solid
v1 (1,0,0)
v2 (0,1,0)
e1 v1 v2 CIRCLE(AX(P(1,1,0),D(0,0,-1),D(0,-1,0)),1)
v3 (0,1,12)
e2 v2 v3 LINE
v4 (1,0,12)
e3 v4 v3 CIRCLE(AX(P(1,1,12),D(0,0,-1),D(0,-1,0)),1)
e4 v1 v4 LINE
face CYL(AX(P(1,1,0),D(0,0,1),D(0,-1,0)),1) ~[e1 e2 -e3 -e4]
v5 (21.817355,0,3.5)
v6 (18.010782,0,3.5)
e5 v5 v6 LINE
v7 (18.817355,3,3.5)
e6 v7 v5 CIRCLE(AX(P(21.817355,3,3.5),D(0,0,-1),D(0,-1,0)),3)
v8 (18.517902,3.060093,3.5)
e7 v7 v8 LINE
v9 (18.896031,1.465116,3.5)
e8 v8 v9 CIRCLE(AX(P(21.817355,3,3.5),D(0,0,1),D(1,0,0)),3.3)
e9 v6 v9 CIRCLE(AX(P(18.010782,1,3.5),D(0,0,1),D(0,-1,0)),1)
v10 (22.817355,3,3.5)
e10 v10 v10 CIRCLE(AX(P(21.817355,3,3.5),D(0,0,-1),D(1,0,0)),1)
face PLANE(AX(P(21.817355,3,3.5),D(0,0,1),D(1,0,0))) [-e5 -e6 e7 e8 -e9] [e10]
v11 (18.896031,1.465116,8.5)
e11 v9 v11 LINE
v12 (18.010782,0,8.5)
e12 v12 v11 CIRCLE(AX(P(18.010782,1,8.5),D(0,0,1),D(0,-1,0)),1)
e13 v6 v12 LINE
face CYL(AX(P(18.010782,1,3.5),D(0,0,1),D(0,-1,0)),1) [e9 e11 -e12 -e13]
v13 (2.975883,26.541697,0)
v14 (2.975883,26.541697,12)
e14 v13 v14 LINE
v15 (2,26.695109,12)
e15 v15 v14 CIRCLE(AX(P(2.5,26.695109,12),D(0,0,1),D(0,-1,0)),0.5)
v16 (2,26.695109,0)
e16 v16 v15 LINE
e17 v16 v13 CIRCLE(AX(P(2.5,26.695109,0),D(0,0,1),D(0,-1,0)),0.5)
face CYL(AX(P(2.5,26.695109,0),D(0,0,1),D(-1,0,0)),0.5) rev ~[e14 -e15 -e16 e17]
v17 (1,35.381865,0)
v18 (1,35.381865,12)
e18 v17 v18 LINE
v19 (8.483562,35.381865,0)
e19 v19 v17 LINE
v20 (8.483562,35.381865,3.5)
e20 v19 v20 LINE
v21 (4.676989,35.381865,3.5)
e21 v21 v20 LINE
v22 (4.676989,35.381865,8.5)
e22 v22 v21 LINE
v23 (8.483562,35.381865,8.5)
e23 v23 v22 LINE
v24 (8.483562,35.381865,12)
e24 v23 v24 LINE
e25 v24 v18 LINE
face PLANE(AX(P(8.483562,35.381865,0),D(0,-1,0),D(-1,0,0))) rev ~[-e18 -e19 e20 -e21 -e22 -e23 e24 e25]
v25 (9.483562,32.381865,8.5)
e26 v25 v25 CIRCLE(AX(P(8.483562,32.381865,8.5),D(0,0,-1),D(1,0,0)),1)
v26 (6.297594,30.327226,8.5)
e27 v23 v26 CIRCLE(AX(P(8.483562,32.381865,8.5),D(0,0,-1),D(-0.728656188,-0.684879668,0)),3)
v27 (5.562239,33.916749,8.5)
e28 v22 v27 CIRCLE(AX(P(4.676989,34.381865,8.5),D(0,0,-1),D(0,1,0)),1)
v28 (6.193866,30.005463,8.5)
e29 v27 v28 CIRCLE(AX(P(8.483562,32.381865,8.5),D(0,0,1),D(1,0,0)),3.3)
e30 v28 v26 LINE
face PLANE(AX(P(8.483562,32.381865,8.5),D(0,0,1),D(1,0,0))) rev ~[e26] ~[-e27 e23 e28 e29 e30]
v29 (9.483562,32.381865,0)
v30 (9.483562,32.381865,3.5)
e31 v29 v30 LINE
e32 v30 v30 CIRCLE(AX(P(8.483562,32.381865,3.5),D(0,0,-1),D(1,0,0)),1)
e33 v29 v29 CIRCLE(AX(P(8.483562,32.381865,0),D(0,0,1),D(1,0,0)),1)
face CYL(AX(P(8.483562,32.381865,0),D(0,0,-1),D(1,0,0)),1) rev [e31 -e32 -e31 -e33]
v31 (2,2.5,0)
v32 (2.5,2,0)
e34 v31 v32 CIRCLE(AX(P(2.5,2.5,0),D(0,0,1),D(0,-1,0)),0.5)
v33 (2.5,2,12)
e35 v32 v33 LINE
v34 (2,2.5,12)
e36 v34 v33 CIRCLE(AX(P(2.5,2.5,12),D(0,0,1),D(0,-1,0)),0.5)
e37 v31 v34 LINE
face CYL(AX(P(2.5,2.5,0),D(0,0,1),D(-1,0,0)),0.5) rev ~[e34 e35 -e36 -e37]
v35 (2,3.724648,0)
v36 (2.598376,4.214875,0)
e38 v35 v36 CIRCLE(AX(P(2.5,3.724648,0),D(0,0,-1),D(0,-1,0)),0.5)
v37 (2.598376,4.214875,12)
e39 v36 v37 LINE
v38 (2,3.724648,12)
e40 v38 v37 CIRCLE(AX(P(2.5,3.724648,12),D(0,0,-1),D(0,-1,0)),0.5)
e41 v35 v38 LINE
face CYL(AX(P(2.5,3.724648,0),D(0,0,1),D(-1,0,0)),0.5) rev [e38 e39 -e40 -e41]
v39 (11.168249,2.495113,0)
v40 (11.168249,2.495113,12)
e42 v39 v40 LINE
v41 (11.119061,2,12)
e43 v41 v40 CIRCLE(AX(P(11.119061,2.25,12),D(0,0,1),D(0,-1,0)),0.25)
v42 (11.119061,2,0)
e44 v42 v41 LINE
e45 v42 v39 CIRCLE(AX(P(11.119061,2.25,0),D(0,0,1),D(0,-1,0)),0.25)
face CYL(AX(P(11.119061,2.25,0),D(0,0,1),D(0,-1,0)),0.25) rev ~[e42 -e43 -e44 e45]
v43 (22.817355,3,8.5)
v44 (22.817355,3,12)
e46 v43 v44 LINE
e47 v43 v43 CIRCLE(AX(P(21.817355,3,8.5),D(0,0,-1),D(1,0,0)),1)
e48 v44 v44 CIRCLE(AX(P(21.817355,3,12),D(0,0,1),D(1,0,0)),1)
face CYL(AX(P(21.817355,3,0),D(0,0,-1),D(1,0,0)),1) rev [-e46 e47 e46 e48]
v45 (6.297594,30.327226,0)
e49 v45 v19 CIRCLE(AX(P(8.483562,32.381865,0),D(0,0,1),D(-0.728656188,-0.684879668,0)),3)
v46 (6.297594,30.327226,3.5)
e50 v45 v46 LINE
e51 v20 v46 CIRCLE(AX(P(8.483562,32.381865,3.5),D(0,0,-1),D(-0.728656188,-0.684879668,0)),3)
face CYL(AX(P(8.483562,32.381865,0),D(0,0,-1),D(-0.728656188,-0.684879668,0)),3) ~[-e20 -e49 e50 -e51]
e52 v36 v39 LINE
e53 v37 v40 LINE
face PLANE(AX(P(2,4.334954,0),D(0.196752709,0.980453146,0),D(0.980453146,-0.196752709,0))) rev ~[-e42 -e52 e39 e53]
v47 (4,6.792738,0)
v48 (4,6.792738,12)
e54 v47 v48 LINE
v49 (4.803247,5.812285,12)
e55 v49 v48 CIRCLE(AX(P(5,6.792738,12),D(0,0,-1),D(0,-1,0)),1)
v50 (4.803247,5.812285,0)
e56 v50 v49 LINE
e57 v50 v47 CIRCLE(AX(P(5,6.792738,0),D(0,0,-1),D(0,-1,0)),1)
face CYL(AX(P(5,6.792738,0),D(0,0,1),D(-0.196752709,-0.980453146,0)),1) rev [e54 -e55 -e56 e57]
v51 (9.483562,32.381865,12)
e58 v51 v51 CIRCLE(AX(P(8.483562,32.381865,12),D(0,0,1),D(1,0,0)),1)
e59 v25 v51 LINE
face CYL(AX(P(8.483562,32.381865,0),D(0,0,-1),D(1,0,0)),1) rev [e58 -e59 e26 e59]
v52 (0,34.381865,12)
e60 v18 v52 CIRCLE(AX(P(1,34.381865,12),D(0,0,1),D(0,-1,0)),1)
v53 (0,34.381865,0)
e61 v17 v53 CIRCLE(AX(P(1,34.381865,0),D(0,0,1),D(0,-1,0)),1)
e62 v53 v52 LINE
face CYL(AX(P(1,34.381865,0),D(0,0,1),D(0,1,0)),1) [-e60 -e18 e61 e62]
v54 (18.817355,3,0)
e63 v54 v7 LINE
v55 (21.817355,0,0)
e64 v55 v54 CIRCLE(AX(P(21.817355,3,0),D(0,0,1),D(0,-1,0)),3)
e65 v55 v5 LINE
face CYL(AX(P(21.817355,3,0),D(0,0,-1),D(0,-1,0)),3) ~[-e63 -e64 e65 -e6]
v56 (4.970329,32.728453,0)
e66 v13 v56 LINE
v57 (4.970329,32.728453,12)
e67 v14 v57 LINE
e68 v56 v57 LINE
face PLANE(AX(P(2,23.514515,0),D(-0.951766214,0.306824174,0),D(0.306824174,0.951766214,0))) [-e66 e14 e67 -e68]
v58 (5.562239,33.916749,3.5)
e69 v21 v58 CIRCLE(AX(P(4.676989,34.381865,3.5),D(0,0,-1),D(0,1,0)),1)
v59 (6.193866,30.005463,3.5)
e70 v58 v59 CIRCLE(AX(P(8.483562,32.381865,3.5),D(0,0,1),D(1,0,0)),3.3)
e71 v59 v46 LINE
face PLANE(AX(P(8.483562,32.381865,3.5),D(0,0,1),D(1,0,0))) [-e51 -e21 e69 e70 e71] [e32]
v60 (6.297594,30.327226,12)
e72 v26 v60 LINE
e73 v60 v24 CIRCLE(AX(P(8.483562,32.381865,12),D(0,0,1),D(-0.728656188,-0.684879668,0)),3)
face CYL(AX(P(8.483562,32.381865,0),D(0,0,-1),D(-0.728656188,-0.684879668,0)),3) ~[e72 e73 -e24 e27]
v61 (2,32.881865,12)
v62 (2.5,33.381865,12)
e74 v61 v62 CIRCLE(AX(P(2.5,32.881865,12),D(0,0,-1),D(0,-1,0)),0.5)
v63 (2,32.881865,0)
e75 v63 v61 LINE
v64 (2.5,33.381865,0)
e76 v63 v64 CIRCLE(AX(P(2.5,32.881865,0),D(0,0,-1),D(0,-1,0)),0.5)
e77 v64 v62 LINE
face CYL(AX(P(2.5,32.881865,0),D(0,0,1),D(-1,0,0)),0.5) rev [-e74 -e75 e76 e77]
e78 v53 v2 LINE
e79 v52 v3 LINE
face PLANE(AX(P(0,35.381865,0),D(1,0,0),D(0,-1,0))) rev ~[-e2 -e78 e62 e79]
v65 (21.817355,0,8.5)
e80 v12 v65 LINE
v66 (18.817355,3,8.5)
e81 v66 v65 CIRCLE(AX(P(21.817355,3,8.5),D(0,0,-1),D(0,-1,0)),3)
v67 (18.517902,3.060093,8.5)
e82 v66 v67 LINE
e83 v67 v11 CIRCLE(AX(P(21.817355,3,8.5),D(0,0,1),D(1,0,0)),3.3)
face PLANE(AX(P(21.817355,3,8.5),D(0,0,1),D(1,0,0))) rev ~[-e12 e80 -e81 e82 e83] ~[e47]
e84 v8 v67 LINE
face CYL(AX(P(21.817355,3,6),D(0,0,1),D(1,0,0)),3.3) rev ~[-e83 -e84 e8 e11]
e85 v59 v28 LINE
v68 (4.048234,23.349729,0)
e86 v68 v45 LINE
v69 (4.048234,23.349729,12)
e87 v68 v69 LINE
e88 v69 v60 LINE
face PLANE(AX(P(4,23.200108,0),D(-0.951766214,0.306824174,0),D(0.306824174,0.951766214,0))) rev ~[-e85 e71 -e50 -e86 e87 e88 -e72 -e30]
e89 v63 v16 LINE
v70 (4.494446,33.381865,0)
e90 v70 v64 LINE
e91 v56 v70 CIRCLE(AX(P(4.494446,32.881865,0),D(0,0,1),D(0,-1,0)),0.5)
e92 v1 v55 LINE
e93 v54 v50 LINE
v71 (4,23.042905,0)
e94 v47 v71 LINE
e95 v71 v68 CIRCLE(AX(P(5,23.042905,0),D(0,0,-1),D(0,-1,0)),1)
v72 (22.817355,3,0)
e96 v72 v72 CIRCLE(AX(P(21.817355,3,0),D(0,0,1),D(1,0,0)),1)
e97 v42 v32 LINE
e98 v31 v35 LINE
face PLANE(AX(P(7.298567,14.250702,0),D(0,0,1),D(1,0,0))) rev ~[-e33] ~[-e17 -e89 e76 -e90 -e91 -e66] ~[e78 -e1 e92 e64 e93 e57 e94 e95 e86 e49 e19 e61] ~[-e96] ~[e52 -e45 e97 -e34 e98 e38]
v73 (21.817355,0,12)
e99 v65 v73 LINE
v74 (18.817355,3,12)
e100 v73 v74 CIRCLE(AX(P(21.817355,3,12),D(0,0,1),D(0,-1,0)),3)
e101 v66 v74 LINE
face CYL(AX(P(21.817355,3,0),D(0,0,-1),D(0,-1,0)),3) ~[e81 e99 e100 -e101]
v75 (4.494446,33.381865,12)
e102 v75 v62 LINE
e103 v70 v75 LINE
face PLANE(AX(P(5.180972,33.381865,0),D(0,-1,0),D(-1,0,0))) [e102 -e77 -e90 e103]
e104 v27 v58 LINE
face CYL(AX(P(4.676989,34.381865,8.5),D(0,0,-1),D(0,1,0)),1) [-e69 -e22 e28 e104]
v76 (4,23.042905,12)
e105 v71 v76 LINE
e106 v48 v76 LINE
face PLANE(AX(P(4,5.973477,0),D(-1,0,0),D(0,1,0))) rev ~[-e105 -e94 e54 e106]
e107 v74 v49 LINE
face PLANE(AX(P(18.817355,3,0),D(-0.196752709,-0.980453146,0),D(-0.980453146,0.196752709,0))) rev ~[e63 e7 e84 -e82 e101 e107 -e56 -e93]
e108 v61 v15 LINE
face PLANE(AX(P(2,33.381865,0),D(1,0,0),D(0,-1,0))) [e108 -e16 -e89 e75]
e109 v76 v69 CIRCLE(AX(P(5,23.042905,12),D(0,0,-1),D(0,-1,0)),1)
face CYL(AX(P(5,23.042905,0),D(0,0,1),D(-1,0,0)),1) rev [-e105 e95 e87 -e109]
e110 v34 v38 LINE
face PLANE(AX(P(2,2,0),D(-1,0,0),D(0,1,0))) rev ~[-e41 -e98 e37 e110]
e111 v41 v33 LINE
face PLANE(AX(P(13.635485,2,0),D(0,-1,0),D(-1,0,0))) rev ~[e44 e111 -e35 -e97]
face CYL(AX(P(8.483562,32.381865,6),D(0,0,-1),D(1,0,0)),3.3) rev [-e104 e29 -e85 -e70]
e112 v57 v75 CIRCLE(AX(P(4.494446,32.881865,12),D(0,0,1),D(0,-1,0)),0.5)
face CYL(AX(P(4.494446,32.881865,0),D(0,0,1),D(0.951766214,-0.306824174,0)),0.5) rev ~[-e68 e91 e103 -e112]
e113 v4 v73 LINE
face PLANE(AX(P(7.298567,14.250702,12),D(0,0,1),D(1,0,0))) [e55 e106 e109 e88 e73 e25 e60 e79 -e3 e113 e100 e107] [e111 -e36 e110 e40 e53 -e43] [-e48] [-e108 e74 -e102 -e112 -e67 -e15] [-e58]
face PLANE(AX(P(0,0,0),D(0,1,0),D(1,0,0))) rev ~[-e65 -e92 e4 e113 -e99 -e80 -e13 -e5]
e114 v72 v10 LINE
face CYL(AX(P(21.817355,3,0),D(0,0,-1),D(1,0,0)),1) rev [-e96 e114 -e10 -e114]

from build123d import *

# Parameters (mm, degrees)
SKETCH1_R               = 1
BOSS_EXTRUDE1_DEPTH     = 12
SKETCH2_R               = 3.3
CUT_EXTRUDE1_DEPTH      = 2.5
CUT_EXTRUDE1_DEPTH_BACK = 2.5
FILLET1_R               = 1
FILLET2_R               = 1
FILLET3_R               = 1
FILLET4_R               = 0.5
FILLET5_R               = 0.25


with BuildPart() as part:
    # Sketch1 → Boss-Extrude1 (new body)
    with BuildSketch(Plane.XY):
        with BuildLine():
            Line((0, 0), (21.817354946, 0))
            ThreePointArc((21.817354946, 0), (23.938675289, 5.121320344), (18.817354946, 3))
            Line((18.817354946, 3), (4, 5.97347684))
            Line((4, 5.97347684), (4, 23.200108131))
            Line((4, 23.200108131), (6.297593783, 30.327226275))
            ThreePointArc((6.297593783, 30.327226275), (11.237097985, 31.191049803), (8.483562347, 35.381865278))
            Line((8.483562347, 35.381865278), (0, 35.381865278))
            Line((0, 35.381865278), (0, 0))
        make_face()
        with Locations((8.483562347, 32.381865278)):
            Circle(SKETCH1_R, mode=Mode.SUBTRACT)
        with Locations((21.817354946, 3)):
            Circle(SKETCH1_R, mode=Mode.SUBTRACT)
        Polygon((5.180971974, 33.381865278), (2, 33.381865278), (2, 23.514514817), align=None, mode=Mode.SUBTRACT)
        Polygon((2, 2), (2, 4.334954297), (13.63548548, 2), align=None, mode=Mode.SUBTRACT)
    extrude(amount=BOSS_EXTRUDE1_DEPTH)

    # Sketch2 → Cut-Extrude1 (cut, two sides)
    with BuildSketch(Plane.XY.offset(6)) as cut_extrude1_sk:
        with Locations((8.483562347, 32.381865278)):
            Circle(SKETCH2_R)
        with Locations((21.817354946, 3)):
            Circle(SKETCH2_R)
    extrude(amount=CUT_EXTRUDE1_DEPTH, mode=Mode.SUBTRACT)
    extrude(cut_extrude1_sk.sketch, amount=-CUT_EXTRUDE1_DEPTH_BACK, mode=Mode.SUBTRACT)

    # Fillet1
    fillet1_edges = [part.edges().sort_by_distance(p)[0] for p in [
        (0, 35.381865278, 6),
        (0, 0, 6),
    ]]
    fillet(fillet1_edges, radius=FILLET1_R)

    # Fillet2
    fillet2_edges = [part.edges().sort_by_distance(p)[0] for p in [
        (4, 23.200108131, 6),
        (4, 5.97347684, 6),
    ]]
    fillet(fillet2_edges, radius=FILLET2_R)

    # Fillet3
    fillet3_edges = [part.edges().sort_by_distance(p)[0] for p in [
        (7.108789639, 35.381865278, 6),
        (20.442582237, 0, 6),
    ]]
    fillet(fillet3_edges, radius=FILLET3_R)

    # Fillet4
    fillet4_edges = [part.edges().sort_by_distance(p)[0] for p in [
        (2, 2, 6),
        (2, 4.334954297, 6),
        (2, 23.514514817, 6),
        (5.180971974, 33.381865278, 6),
        (2, 33.381865278, 6),
    ]]
    fillet(fillet4_edges, radius=FILLET4_R)

    # Fillet5
    fillet5_edges = [part.edges().sort_by_distance(p)[0] for p in [
        (13.63548548, 2, 6),
    ]]
    fillet(fillet5_edges, radius=FILLET5_R)


solid = part.part
